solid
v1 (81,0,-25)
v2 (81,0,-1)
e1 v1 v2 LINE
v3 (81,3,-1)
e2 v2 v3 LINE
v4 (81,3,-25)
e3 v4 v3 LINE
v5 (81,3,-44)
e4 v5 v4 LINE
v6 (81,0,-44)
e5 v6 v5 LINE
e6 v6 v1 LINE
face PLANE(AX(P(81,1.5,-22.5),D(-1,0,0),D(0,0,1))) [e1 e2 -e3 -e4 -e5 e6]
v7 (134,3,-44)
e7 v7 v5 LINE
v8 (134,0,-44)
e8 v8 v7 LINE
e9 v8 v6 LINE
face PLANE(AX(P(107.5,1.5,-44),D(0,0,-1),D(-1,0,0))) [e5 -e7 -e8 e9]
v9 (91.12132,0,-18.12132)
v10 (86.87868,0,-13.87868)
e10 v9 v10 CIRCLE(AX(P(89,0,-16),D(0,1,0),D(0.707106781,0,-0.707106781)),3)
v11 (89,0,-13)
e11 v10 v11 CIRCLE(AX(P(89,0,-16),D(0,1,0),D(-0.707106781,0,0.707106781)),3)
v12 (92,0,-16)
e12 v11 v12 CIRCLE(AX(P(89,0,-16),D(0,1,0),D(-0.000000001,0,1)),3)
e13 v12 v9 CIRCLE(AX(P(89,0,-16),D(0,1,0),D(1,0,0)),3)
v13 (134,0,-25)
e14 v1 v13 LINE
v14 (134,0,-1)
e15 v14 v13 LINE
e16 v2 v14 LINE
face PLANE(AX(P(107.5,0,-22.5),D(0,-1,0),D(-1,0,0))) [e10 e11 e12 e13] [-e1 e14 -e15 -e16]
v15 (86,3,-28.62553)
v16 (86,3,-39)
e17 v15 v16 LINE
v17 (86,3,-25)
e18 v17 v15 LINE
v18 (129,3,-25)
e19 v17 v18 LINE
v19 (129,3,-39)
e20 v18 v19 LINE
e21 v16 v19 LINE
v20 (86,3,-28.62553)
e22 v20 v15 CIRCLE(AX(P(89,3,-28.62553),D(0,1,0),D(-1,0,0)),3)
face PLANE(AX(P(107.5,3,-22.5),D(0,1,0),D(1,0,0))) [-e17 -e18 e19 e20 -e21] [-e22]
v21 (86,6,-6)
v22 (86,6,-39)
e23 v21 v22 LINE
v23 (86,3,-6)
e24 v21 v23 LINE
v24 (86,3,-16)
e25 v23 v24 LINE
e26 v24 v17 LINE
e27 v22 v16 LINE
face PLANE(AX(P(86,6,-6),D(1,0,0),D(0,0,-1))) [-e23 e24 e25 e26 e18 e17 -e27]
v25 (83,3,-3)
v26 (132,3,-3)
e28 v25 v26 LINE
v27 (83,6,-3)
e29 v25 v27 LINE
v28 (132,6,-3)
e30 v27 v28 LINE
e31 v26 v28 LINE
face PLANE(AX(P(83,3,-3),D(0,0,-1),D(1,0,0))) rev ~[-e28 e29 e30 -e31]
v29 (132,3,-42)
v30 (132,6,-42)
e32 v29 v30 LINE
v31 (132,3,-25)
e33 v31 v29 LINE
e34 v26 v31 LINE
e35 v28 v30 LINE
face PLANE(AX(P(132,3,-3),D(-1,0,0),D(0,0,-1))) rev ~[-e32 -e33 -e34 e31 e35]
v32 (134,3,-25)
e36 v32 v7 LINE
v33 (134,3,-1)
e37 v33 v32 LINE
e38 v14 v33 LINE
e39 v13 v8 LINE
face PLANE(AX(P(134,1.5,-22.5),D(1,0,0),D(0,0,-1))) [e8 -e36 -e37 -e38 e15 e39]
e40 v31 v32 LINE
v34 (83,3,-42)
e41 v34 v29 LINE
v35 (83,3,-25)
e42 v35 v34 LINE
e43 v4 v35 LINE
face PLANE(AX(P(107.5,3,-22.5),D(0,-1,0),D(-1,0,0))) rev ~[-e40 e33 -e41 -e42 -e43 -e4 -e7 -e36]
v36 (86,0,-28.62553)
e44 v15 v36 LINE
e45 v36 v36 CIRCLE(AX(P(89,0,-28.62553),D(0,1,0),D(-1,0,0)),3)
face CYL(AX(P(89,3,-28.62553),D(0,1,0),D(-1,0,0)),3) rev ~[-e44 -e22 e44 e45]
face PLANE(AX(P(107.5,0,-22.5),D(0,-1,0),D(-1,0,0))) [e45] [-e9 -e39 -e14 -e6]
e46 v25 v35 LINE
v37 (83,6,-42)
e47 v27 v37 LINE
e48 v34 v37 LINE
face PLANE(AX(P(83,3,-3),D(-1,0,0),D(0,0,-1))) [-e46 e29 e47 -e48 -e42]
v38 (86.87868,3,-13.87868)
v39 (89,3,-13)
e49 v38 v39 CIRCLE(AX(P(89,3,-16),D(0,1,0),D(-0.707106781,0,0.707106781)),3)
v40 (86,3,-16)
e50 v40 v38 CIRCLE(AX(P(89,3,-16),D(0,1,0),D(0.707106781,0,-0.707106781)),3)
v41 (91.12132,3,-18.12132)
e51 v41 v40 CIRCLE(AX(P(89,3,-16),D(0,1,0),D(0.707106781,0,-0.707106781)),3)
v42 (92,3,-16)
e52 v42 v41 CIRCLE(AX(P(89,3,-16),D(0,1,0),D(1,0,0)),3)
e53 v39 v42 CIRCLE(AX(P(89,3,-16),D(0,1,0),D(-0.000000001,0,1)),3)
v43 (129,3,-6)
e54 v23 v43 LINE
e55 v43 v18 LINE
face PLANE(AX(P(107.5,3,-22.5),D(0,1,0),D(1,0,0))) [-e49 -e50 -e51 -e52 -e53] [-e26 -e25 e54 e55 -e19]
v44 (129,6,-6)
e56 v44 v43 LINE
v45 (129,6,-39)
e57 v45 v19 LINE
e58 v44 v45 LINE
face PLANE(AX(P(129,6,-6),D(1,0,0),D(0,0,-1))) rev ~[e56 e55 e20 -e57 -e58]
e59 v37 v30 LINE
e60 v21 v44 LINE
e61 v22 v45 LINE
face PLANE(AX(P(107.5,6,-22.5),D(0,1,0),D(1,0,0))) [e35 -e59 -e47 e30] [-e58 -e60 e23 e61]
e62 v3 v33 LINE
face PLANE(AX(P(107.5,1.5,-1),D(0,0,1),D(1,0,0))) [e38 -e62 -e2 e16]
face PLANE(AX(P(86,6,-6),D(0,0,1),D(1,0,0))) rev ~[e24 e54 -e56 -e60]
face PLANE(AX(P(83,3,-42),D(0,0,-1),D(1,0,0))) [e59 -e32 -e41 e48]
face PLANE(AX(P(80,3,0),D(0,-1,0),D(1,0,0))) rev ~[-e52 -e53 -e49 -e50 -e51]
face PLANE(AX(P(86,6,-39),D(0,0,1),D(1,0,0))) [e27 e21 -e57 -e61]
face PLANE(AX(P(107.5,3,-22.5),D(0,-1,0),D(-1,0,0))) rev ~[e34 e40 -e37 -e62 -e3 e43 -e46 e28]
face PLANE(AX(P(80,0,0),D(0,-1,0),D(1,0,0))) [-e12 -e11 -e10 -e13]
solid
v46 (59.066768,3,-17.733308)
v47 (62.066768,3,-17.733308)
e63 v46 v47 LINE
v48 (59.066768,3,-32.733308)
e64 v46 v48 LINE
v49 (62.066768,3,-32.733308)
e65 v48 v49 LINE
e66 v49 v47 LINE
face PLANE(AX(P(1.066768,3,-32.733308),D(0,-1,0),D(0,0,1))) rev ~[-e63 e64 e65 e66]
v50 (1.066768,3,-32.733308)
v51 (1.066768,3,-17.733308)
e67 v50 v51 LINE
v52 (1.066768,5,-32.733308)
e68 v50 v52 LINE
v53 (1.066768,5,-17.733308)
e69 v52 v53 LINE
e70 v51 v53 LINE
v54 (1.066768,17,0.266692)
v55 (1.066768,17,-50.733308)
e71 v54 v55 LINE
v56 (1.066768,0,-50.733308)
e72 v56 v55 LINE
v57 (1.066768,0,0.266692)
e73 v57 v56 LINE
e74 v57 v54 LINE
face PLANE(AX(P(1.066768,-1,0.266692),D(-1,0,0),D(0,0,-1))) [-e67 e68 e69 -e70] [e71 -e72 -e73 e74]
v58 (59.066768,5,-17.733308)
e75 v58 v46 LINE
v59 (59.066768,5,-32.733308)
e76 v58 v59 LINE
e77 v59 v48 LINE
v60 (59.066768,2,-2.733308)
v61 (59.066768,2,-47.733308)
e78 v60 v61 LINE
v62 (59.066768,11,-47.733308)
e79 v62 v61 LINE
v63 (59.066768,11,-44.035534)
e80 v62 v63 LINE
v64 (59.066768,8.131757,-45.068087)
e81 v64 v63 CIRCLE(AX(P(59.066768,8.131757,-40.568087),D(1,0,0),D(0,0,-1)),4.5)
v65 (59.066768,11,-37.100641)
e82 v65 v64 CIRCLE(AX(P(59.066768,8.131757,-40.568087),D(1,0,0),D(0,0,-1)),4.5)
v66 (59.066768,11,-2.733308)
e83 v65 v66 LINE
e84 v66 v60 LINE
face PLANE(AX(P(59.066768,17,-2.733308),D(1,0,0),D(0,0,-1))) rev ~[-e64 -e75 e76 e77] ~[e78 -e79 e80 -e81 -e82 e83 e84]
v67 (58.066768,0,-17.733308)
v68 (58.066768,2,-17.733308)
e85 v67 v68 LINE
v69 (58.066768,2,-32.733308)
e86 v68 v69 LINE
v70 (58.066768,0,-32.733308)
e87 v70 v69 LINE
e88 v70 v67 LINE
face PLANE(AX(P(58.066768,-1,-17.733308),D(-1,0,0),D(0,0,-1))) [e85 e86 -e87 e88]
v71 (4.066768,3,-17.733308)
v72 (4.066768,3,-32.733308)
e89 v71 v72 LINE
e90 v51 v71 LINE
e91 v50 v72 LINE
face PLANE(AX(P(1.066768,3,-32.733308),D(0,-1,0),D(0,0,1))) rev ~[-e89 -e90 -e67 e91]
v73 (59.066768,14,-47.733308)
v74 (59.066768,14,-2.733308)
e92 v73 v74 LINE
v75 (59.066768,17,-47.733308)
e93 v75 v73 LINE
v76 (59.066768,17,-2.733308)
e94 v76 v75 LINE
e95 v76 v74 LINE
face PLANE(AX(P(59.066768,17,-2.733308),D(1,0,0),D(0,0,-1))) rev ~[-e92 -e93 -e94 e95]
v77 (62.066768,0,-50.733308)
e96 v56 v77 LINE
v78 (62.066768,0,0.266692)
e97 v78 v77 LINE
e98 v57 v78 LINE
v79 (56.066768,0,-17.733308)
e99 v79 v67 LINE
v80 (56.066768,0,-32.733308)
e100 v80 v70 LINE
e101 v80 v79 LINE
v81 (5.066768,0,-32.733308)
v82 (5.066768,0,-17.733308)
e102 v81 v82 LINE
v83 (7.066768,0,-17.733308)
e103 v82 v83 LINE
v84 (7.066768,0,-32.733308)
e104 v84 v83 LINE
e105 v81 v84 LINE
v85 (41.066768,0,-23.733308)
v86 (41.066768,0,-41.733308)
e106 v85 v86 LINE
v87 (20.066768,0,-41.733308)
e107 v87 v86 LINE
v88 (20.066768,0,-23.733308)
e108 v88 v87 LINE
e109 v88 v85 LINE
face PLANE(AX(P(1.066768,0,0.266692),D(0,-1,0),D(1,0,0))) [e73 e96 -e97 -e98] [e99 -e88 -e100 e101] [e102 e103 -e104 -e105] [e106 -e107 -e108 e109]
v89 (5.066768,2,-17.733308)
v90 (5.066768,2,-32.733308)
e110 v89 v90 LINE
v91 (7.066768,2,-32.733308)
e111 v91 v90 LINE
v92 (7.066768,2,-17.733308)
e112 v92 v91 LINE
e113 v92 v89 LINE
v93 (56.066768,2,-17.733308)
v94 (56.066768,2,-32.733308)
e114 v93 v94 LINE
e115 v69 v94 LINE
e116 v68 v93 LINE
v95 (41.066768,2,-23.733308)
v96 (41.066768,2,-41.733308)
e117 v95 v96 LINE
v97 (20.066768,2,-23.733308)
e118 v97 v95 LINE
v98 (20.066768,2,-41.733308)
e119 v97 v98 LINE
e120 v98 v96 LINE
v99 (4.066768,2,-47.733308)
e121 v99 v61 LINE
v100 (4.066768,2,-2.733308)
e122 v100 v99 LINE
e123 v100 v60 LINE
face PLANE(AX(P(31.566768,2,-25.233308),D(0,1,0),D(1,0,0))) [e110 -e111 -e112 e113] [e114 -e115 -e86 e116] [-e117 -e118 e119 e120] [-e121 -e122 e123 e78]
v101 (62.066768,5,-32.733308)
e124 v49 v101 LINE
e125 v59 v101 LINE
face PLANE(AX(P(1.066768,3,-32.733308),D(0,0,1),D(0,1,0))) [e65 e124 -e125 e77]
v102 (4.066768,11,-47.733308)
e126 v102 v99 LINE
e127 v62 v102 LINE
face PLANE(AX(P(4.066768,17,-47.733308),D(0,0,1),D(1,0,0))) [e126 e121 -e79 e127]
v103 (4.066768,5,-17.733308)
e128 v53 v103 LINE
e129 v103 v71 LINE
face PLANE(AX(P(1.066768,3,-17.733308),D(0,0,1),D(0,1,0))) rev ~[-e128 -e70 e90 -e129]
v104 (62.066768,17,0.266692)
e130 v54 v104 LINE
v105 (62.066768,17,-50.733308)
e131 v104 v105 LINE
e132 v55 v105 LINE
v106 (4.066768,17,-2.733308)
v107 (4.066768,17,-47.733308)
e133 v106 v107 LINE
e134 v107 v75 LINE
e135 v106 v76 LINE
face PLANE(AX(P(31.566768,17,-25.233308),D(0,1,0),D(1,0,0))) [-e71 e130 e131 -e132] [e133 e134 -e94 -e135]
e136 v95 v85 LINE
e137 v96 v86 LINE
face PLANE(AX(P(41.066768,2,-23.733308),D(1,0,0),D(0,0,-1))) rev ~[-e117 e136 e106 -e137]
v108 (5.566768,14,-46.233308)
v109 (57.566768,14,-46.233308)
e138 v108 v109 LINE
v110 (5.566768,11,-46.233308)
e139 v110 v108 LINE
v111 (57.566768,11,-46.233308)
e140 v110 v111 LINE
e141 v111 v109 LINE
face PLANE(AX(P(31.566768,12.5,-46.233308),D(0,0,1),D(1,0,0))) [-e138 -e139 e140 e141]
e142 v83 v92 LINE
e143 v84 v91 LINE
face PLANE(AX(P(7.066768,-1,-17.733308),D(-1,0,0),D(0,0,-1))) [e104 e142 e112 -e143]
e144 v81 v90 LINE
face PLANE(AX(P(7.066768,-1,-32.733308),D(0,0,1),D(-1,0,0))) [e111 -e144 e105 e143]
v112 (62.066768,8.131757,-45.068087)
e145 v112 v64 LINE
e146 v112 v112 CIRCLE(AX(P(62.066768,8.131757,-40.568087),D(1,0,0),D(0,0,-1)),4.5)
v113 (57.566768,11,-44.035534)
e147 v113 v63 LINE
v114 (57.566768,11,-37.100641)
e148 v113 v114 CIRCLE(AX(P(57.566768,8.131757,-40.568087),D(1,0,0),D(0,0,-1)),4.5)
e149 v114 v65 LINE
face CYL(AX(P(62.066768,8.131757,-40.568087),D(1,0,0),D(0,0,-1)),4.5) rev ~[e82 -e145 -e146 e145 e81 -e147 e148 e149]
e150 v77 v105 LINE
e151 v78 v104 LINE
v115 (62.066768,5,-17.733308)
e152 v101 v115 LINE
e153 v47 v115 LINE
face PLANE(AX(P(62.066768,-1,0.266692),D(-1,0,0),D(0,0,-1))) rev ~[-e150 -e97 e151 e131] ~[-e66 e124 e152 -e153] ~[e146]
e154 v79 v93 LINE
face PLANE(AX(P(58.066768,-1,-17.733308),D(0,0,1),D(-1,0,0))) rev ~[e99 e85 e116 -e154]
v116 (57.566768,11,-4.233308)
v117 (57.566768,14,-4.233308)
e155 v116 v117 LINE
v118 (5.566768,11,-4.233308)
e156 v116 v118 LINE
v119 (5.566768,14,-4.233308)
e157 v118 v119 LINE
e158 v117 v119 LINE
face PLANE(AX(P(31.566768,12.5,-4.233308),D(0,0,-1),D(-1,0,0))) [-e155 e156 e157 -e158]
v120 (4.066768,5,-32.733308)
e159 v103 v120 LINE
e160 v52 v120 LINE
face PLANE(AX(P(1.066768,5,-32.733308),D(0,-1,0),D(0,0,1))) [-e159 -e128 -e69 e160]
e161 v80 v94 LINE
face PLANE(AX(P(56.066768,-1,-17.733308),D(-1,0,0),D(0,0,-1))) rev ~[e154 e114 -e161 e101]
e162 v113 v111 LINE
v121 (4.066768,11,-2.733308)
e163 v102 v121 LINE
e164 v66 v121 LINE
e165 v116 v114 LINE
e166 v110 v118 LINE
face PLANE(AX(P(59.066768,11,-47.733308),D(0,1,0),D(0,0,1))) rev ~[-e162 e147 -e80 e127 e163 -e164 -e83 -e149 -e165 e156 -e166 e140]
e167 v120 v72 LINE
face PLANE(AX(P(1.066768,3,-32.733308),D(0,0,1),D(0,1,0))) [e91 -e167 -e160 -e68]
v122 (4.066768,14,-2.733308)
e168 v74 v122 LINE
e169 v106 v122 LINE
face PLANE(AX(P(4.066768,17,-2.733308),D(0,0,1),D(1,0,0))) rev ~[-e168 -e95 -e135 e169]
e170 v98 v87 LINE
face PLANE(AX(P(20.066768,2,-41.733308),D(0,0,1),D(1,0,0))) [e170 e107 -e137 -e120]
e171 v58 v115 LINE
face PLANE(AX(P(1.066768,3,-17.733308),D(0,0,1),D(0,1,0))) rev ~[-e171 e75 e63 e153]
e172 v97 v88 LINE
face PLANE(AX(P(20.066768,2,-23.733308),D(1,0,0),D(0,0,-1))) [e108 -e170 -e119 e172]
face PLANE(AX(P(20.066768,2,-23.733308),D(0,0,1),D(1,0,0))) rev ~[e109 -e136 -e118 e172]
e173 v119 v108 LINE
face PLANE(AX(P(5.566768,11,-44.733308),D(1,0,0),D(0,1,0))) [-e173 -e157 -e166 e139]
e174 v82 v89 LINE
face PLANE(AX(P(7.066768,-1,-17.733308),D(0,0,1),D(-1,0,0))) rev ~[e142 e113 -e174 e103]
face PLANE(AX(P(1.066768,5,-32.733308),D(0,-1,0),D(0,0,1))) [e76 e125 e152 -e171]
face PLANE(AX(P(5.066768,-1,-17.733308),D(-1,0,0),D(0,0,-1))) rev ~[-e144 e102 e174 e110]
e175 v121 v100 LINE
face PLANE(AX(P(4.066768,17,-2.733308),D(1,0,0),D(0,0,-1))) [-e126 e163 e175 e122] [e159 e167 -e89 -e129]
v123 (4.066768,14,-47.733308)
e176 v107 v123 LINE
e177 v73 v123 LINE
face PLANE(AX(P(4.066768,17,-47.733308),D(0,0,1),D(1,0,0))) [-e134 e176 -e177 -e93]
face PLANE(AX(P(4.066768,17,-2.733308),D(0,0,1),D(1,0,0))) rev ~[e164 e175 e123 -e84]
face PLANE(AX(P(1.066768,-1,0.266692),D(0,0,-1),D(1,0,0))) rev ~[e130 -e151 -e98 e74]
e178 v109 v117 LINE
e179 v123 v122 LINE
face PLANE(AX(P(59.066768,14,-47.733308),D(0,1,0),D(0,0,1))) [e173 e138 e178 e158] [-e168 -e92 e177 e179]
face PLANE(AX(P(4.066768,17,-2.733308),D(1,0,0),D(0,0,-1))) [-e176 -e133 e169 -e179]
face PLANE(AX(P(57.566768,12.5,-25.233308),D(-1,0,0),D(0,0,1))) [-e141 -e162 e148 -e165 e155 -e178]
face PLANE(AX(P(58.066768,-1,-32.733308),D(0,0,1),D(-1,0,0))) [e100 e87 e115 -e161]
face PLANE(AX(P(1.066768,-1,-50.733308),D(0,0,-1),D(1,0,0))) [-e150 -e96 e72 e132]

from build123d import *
from build123d.topology import SkipClean

# Parameters (mm, degrees)
SKETCH1_W           = 61
SKETCH1_H           = 51
BOSS_EXTRUDE1_DEPTH = 18
SKETCH2_W           = 55
SKETCH2_H           = 45
CUT_EXTRUDE1_DEPTH  = 15
SKETCH4_W           = 45
SKETCH4_H           = 3
BOSS_EXTRUDE3_DEPTH = 55
SKETCH5_W           = 49
SKETCH5_H           = 39
CUT_EXTRUDE2_DEPTH  = 3
SKETCH6_W           = 21
SKETCH6_H           = 18
CUT_EXTRUDE3_DEPTH  = 3
SKETCH7_W           = 15
SKETCH7_H           = 2
CUT_EXTRUDE5_DEPTH  = 61
SKETCH8_W           = 2
SKETCH8_H           = 15
CUT_EXTRUDE6_DEPTH  = 3
SKETCH9_W           = 2
SKETCH9_H           = 15
CUT_EXTRUDE7_DEPTH  = 3
SKETCH10_R          = 4.5
CUT_EXTRUDE8_DEPTH  = 6
SKETCH11_W          = 55
SKETCH11_H          = 45
BOSS_EXTRUDE4_DEPTH = 3
SKETCH12_W          = 49
SKETCH12_H          = 39
BOSS_EXTRUDE5_DEPTH = 3
SKETCH13_W          = 43
SKETCH13_H          = 33
CUT_EXTRUDE9_DEPTH  = 3
CUT_EXTRUDE11_DEPTH = 3
SKETCH20_W          = 61
SKETCH20_H          = 1
CUT_EXTRUDE12_DEPTH = 51
SKETCH23_R          = 3
CUT_EXTRUDE13_DEPTH = 10
SKETCH24_W          = 55
SKETCH24_H          = 3
BOSS_EXTRUDE6_DEPTH = 25
SKETCH25_W          = 45
SKETCH25_H          = 3
CUT_EXTRUDE15_DEPTH = 1
SKETCH26_W          = 45
SKETCH26_H          = 3
CUT_EXTRUDE16_DEPTH = 1
SKETCH27_W          = 53
SKETCH27_H          = 3
CUT_EXTRUDE17_DEPTH = 1
SKETCH28_W          = 53
SKETCH28_H          = 3
CUT_EXTRUDE18_DEPTH = 1
SKETCH30_W          = 39
SKETCH30_H          = 3
CUT_EXTRUDE23_DEPTH = 1.5
SKETCH35_W          = 39
SKETCH35_H          = 3
CUT_EXTRUDE24_DEPTH = 1.5
SKETCH36_W          = 52
SKETCH36_H          = 3
CUT_EXTRUDE25_DEPTH = 1.5
SKETCH38_W          = 52
SKETCH38_H          = 3
CUT_EXTRUDE26_DEPTH = 1.5


with BuildPart() as part:
    # Sketch1 → Boss-Extrude1 (new body)
    with BuildSketch(Plane(origin=(0, 0, 0), x_dir=(1, 0, 0), z_dir=(0, 1, 0))):
        with Locations((31.566767905, 25.233308024)):
            Rectangle(SKETCH1_W, SKETCH1_H)
    extrude(amount=BOSS_EXTRUDE1_DEPTH)

    # Sketch2 → Cut-Extrude1 (cut)
    with BuildSketch(Plane(origin=(0, 18, 0), x_dir=(1, 0, 0), z_dir=(0, 1, 0))):
        with Locations((31.566767905, 25.233308024)):
            Rectangle(SKETCH2_W, SKETCH2_H)
    extrude(amount=-CUT_EXTRUDE1_DEPTH, mode=Mode.SUBTRACT)

    # Sketch4 → Boss-Extrude3 (add)
    with BuildSketch(Plane.ZY.offset(-59.066767905)):
        with Locations((-25.233308024, 13.5)):
            Rectangle(SKETCH4_W, SKETCH4_H)
    extrude(amount=BOSS_EXTRUDE3_DEPTH)

    # Sketch5 → Cut-Extrude2 (cut)
    with BuildSketch(Plane(origin=(0, 15, 0), x_dir=(1, 0, 0), z_dir=(0, 1, 0))):
        with Locations((31.566767905, 25.233308024)):
            Rectangle(SKETCH5_W, SKETCH5_H)
    extrude(amount=-CUT_EXTRUDE2_DEPTH, mode=Mode.SUBTRACT)

    # Sketch6 → Cut-Extrude3 (cut)
    with BuildSketch(Plane(origin=(0, 3, 0), x_dir=(1, 0, 0), z_dir=(0, 1, 0))):
        with Locations((30.566767905, 32.733308024)):
            Rectangle(SKETCH6_W, SKETCH6_H)
    extrude(amount=-CUT_EXTRUDE3_DEPTH, mode=Mode.SUBTRACT)

    # Sketch7 → Cut-Extrude5 (cut)
    with BuildSketch(Plane.ZY.offset(-1.066767905)):
        with Locations((-25.233308024, 5)):
            Rectangle(SKETCH7_W, SKETCH7_H)
    extrude(amount=-CUT_EXTRUDE5_DEPTH, mode=Mode.SUBTRACT)

    # Sketch8 → Cut-Extrude6 (cut)
    with BuildSketch(Plane(origin=(0, 0, 0), x_dir=(-1, 0, 0), z_dir=(0, -1, 0))):
        with Locations((-6.066767905, 25.233308024)):
            Rectangle(SKETCH8_W, SKETCH8_H)
    extrude(amount=-CUT_EXTRUDE6_DEPTH, mode=Mode.SUBTRACT)

    # Sketch9 → Cut-Extrude7 (cut)
    with BuildSketch(Plane(origin=(0, 0, 0), x_dir=(-1, 0, 0), z_dir=(0, -1, 0))):
        with Locations((-57.066767905, 25.233308024)):
            Rectangle(SKETCH9_W, SKETCH9_H)
    extrude(amount=-CUT_EXTRUDE7_DEPTH, mode=Mode.SUBTRACT)

    # Sketch10 → Cut-Extrude8 (cut)
    with BuildSketch(Plane(origin=(62.066767905, 0, 0), x_dir=(0, 0, -1), z_dir=(1, 0, 0))):
        with Locations((40.568087222, 9.131757494)):
            Circle(SKETCH10_R)
    extrude(amount=-CUT_EXTRUDE8_DEPTH, mode=Mode.SUBTRACT)

    # Sketch20 → Cut-Extrude12 (cut)
    with BuildSketch(Plane.XY.offset(0.266691976)):
        with Locations((31.566767905, 0.5)):
            Rectangle(SKETCH20_W, SKETCH20_H)
    extrude(amount=-CUT_EXTRUDE12_DEPTH, mode=Mode.SUBTRACT)


with BuildPart() as body_2:
    # Sketch11 → Boss-Extrude4 (new body)
    with BuildSketch(Plane(origin=(0, 0, 0), x_dir=(-1, 0, 0), z_dir=(0, -1, 0))):
        with Locations((-107.5, 22.5)):
            Rectangle(SKETCH11_W, SKETCH11_H)
    extrude(amount=-BOSS_EXTRUDE4_DEPTH)

    # Sketch12 → Boss-Extrude5 (add)
    with BuildSketch(Plane(origin=(0, 3, 0), x_dir=(1, 0, 0), z_dir=(0, 1, 0))):
        with Locations((107.5, 22.5)):
            Rectangle(SKETCH12_W, SKETCH12_H)
    extrude(amount=BOSS_EXTRUDE5_DEPTH)

    # Sketch13 → Cut-Extrude9 (cut)
    with BuildSketch(Plane(origin=(0, 6, 0), x_dir=(1, 0, 0), z_dir=(0, 1, 0))):
        with Locations((107.5, 22.5)):
            Rectangle(SKETCH13_W, SKETCH13_H)
    extrude(amount=-CUT_EXTRUDE9_DEPTH, mode=Mode.SUBTRACT)

    # Sketch15 → Cut-Extrude11 (cut)
    with BuildSketch(Plane(origin=(0, 3, 0), x_dir=(1, 0, 0), z_dir=(0, 1, 0))):
        with BuildLine():
            ThreePointArc((86.878679656, 13.878679656), (87.851949703, 13.228361402), (89, 13))
            ThreePointArc((89, 13), (91.121320344, 13.878679656), (92, 16))
            ThreePointArc((92, 16), (91.771638598, 17.148050297), (91.121320344, 18.121320344))
            Line((91.121320344, 18.121320344), (86.878679656, 13.878679656))
        make_face()
        with BuildLine():
            ThreePointArc((91.121320344, 18.121320344), (86.878679656, 18.121320344), (86.878679656, 13.878679656))
            Line((86.878679656, 13.878679656), (91.121320344, 18.121320344))
        make_face()
    extrude(amount=-CUT_EXTRUDE11_DEPTH, mode=Mode.SUBTRACT)

    # Sketch23 → Cut-Extrude13 (cut)
    with BuildSketch(Plane(origin=(0, 3, 0), x_dir=(1, 0, 0), z_dir=(0, 1, 0))):
        with Locations(Location((89, 28.625530176, 0), (0, 0, 180))):
            Circle(SKETCH23_R)
    extrude(amount=-CUT_EXTRUDE13_DEPTH, mode=Mode.SUBTRACT)

    # Sketch24 → Boss-Extrude6 (add)
    with SkipClean():  # the faces are left unmerged after this step: merging them gives an invalid solid
        with BuildSketch(Plane.XY):
            with Locations((107.5, 1.5)):
                Rectangle(SKETCH24_W, SKETCH24_H)
        extrude(amount=-BOSS_EXTRUDE6_DEPTH)

    # Sketch25 → Cut-Extrude15 (cut)
    with SkipClean():  # the faces are left unmerged after this step: merging them gives an invalid solid
        with BuildSketch(Plane.ZY.offset(-80)):
            with Locations((-22.5, 1.5)):
                Rectangle(SKETCH25_W, SKETCH25_H)
        extrude(amount=-CUT_EXTRUDE15_DEPTH, mode=Mode.SUBTRACT)

    # Sketch26 → Cut-Extrude16 (cut)
    with SkipClean():  # the faces are left unmerged after this step: merging them gives an invalid solid
        with BuildSketch(Plane(origin=(135, 0, 0), x_dir=(0, 0, -1), z_dir=(1, 0, 0))):
            with Locations((22.5, 1.5)):
                Rectangle(SKETCH26_W, SKETCH26_H)
        extrude(amount=-CUT_EXTRUDE16_DEPTH, mode=Mode.SUBTRACT)

    # Sketch27 → Cut-Extrude17 (cut)
    with SkipClean():  # the faces are left unmerged after this step: merging them gives an invalid solid
        with BuildSketch(Plane(origin=(0, 0, -45), x_dir=(-1, 0, 0), z_dir=(0, 0, -1))):
            with Locations((-107.5, 1.5)):
                Rectangle(SKETCH27_W, SKETCH27_H)
        extrude(amount=-CUT_EXTRUDE17_DEPTH, mode=Mode.SUBTRACT)

    # Sketch28 → Cut-Extrude18 (cut)
    with SkipClean():  # the faces are left unmerged after this step: merging them gives an invalid solid
        with BuildSketch(Plane.XY):
            with Locations((107.5, 1.5)):
                Rectangle(SKETCH28_W, SKETCH28_H)
        extrude(amount=-CUT_EXTRUDE18_DEPTH, mode=Mode.SUBTRACT)


with BuildPart() as part_1:
    # Body-Move/Copy1: moved
    add(part.part.moved(Location((0, -1, 0))))

    # Sketch30 → Cut-Extrude23 (cut)
    with BuildSketch(Plane(origin=(7.066767905, 0, 0), x_dir=(0, 0, -1), z_dir=(1, 0, 0))):
        with Locations((25.233308024, 12.5)):
            Rectangle(SKETCH30_W, SKETCH30_H)
    extrude(amount=-CUT_EXTRUDE23_DEPTH, mode=Mode.SUBTRACT)

    # Sketch35 → Cut-Extrude24 (cut)
    with BuildSketch(Plane.ZY.offset(-56.066767905)):
        with Locations((-25.233308024, 12.5)):
            Rectangle(SKETCH35_W, SKETCH35_H)
    extrude(amount=-CUT_EXTRUDE24_DEPTH, mode=Mode.SUBTRACT)

    # Sketch36 → Cut-Extrude25 (cut)
    with BuildSketch(Plane(origin=(0, 0, -5.733308024), x_dir=(-1, 0, 0), z_dir=(0, 0, -1))):
        with Locations((-31.566767905, 12.5)):
            Rectangle(SKETCH36_W, SKETCH36_H)
    extrude(amount=-CUT_EXTRUDE25_DEPTH, mode=Mode.SUBTRACT)

    # Sketch38 → Cut-Extrude26 (cut)
    with BuildSketch(Plane.XY.offset(-44.733308024)):
        with Locations((31.566767905, 12.5)):
            Rectangle(SKETCH38_W, SKETCH38_H)
    extrude(amount=-CUT_EXTRUDE26_DEPTH, mode=Mode.SUBTRACT)


solid = Compound([body_2.part, part_1.part])
